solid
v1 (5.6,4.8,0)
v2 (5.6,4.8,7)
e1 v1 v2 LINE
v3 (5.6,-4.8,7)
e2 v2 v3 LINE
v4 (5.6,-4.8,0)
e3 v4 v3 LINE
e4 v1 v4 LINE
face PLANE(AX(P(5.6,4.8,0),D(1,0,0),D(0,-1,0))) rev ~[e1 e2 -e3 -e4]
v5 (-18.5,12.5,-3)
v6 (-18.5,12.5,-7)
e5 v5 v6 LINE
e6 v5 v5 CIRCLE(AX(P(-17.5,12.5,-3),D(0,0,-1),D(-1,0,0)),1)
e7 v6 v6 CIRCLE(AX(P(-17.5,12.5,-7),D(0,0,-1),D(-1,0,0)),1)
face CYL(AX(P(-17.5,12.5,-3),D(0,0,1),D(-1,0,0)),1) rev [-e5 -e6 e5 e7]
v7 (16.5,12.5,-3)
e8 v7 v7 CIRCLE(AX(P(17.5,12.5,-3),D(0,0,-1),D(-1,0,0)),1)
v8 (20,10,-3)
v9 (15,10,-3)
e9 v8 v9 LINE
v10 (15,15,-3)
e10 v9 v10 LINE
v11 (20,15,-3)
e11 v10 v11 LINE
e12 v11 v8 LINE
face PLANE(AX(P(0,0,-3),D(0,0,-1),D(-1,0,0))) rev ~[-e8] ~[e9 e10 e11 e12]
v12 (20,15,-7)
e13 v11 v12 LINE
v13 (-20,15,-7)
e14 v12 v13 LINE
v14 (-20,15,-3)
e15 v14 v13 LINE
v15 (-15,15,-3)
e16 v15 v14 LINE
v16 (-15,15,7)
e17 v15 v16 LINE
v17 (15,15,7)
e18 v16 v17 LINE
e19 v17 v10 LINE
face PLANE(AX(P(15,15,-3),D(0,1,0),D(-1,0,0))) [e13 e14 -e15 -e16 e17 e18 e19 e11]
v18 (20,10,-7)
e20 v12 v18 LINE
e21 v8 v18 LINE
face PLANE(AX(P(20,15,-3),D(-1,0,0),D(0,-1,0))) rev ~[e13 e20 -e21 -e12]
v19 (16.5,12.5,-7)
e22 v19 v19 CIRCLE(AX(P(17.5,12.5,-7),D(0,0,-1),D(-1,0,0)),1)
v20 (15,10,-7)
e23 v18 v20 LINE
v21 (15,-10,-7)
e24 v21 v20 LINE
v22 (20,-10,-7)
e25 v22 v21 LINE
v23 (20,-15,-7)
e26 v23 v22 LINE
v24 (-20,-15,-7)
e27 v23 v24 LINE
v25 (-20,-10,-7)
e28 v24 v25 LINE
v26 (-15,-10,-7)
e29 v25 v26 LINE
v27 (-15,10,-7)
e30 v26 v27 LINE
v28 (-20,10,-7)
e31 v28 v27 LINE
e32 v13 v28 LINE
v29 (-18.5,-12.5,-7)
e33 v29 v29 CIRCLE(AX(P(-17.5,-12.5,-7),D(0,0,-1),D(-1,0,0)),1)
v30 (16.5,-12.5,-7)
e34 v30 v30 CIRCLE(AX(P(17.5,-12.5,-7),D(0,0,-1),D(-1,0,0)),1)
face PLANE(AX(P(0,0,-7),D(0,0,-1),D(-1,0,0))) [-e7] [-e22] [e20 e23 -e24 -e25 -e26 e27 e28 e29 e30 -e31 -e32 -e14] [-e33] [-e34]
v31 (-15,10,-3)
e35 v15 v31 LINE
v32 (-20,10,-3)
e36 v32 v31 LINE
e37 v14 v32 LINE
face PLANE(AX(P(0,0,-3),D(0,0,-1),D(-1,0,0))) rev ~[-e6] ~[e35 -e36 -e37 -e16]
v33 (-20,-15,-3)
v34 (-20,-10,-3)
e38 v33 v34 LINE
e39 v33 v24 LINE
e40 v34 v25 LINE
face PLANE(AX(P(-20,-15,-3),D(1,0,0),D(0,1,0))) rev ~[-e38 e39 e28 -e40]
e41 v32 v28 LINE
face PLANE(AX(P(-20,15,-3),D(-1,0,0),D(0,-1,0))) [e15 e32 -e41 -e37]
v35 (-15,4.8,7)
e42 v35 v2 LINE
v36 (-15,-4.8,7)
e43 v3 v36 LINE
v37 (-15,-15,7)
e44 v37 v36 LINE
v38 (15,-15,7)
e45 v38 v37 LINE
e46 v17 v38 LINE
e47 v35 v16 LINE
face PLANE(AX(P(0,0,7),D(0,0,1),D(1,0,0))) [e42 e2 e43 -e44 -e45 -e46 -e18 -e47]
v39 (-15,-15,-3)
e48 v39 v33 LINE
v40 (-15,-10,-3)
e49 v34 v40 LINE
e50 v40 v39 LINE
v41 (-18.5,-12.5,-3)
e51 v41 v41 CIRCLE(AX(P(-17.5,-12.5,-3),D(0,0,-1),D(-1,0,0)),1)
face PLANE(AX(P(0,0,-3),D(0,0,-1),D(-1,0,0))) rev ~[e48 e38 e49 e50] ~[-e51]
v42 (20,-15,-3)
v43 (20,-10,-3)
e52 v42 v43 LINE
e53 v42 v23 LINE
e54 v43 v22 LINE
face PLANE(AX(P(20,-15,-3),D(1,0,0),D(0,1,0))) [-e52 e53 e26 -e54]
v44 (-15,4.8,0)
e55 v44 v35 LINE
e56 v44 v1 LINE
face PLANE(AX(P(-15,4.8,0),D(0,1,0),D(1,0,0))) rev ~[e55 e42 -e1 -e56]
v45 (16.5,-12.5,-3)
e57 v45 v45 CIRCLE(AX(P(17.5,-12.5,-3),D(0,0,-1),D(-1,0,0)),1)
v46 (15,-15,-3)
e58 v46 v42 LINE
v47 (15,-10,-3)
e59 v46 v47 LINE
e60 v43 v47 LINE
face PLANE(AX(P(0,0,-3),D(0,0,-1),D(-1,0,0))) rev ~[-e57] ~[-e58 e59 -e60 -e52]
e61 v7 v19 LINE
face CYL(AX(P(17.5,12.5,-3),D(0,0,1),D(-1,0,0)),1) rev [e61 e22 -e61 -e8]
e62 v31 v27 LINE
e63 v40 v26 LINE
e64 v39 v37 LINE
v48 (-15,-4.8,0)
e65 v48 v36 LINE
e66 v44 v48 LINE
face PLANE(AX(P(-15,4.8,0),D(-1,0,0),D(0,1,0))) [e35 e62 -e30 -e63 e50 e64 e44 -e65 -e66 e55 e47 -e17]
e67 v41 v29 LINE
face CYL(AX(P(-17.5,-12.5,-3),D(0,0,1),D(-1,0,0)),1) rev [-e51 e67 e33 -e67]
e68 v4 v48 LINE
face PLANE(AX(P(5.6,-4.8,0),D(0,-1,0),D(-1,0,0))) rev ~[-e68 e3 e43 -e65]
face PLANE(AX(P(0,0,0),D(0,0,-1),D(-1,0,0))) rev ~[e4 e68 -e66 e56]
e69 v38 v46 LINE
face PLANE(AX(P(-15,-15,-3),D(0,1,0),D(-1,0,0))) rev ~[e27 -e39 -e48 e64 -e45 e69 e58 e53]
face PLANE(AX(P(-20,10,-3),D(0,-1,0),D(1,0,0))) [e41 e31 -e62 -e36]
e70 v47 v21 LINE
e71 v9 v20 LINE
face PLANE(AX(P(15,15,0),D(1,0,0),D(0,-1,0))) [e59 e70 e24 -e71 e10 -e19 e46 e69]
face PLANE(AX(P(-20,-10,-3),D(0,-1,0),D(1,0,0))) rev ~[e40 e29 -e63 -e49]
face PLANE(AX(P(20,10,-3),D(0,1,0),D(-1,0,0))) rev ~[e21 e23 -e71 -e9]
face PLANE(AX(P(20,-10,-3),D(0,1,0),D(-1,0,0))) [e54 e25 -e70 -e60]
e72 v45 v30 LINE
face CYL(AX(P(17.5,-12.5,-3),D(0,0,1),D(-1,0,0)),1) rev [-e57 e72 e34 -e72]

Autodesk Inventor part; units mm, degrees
ref_plane "YZ Plane" through (0, 0, 0) normal (1, 0, 0) x (0, 1, 0)
ref_plane "XZ Plane" through (0, 0, 0) normal (0, 1, 0) x (-1, 0, 0)
ref_plane "XY Plane" through (0, 0, 0) normal (0, 0, 1) x (1, 0, 0)
sketch "Skizze1" plane through (0, 0, 0) normal (0, 0, 1) x (1, 0, 0)
  line L0 (-15, 15) -> (15, 15)
  line L1 (15, 15) -> (15, -15)
  line L2 (15, -15) -> (-15, -15)
  line L3 (-15, 4.8) -> (5.6, 4.8)
  line L4 (5.6, 4.8) -> (5.6, -4.8)
  line L5 (5.6, -4.8) -> (-15, -4.8)
  line L6 (-15, -15) -> (-15, -4.8)
  line L7 (-15, 4.8) -> (-15, 15)
  point P0 (0, 0)
  dimension "d0" = 30
  dimension "d1" = 30
  dimension "d2" = 15
  dimension "d3" = 15
  dimension "d4" = 9.6
  dimension "d5" = 4.8
  dimension "d6" = 5.6
extrude "Extrusion1" add sketch "Skizze1" along normal blind 7
sketch "Skizze2" plane through (0, 0, 0) normal (0, 0, -1) x (-1, 0, 0)
  line L0 (15, -15) -> (-15, -15) projected
  line L1 (15, -15) -> (-15, -15)
  line L2 (-15, -15) -> (-15, 15)
  line L3 (-15, 15) -> (15, 15)
  line L4 (15, 15) -> (15, -15)
  point P0 (0, 0)
extrude "Extrusion2" add sketch "Skizze2" along normal blind 3
sketch "Skizze3" plane through (0, 0, -3) normal (0, 0, -1) x (-1, 0, 0)
  line L0 (-15, 15) -> (15, 15) projected
  line L1 (-15, 15) -> (15, 15)
  line L2 (15, 10) -> (15, -10)
  line L3 (15, -15) -> (-15, -15)
  line L4 (15, 15) -> (20, 15)
  line L5 (20, 15) -> (20, 10)
  line L6 (20, 10) -> (15, 10)
  line L7 (-15, 0) -> (15, 0) construction
  line L8 (15, -4.8) -> (15, 4.8) projected
  line L9 (15, -15) -> (-15, -15) projected
  line L10 (0, -15) -> (0, 15) construction
  line L11 (15, -15) -> (20, -15)
  line L12 (20, -15) -> (20, -10)
  line L13 (20, -10) -> (15, -10)
  line L14 (-15, 15) -> (-20, 15)
  line L15 (-20, 15) -> (-20, 10)
  line L16 (-20, 10) -> (-15, 10)
  line L17 (-15, -10) -> (-15, 10)
  line L18 (-15, -15) -> (-20, -15)
  line L19 (-20, -15) -> (-20, -10)
  line L20 (-20, -10) -> (-15, -10)
  circle A0 centre (17.5, 12.5) radius 1
  circle A1 centre (17.5, -12.5) radius 1
  circle A2 centre (-17.5, 12.5) radius 1
  circle A3 centre (-17.5, -12.5) radius 1
  point P0 (0, 0)
  point P1 (15, -15)
  point P2 (-15, 15)
  point P3 (-15, -4.8)
  point P4 (-15, 4.8)
  point P5 (-15, -15)
  point P6 (-15, -15)
  dimension "d11" = 5
  dimension "d12" = 5
  dimension "d15" = 2
  dimension "d16" = 2.5
  dimension "d17" = 2.5
extrude "Extrusion3" add sketch "Skizze3" along normal blind 4
properties part number "PotiHalterungUnten"
